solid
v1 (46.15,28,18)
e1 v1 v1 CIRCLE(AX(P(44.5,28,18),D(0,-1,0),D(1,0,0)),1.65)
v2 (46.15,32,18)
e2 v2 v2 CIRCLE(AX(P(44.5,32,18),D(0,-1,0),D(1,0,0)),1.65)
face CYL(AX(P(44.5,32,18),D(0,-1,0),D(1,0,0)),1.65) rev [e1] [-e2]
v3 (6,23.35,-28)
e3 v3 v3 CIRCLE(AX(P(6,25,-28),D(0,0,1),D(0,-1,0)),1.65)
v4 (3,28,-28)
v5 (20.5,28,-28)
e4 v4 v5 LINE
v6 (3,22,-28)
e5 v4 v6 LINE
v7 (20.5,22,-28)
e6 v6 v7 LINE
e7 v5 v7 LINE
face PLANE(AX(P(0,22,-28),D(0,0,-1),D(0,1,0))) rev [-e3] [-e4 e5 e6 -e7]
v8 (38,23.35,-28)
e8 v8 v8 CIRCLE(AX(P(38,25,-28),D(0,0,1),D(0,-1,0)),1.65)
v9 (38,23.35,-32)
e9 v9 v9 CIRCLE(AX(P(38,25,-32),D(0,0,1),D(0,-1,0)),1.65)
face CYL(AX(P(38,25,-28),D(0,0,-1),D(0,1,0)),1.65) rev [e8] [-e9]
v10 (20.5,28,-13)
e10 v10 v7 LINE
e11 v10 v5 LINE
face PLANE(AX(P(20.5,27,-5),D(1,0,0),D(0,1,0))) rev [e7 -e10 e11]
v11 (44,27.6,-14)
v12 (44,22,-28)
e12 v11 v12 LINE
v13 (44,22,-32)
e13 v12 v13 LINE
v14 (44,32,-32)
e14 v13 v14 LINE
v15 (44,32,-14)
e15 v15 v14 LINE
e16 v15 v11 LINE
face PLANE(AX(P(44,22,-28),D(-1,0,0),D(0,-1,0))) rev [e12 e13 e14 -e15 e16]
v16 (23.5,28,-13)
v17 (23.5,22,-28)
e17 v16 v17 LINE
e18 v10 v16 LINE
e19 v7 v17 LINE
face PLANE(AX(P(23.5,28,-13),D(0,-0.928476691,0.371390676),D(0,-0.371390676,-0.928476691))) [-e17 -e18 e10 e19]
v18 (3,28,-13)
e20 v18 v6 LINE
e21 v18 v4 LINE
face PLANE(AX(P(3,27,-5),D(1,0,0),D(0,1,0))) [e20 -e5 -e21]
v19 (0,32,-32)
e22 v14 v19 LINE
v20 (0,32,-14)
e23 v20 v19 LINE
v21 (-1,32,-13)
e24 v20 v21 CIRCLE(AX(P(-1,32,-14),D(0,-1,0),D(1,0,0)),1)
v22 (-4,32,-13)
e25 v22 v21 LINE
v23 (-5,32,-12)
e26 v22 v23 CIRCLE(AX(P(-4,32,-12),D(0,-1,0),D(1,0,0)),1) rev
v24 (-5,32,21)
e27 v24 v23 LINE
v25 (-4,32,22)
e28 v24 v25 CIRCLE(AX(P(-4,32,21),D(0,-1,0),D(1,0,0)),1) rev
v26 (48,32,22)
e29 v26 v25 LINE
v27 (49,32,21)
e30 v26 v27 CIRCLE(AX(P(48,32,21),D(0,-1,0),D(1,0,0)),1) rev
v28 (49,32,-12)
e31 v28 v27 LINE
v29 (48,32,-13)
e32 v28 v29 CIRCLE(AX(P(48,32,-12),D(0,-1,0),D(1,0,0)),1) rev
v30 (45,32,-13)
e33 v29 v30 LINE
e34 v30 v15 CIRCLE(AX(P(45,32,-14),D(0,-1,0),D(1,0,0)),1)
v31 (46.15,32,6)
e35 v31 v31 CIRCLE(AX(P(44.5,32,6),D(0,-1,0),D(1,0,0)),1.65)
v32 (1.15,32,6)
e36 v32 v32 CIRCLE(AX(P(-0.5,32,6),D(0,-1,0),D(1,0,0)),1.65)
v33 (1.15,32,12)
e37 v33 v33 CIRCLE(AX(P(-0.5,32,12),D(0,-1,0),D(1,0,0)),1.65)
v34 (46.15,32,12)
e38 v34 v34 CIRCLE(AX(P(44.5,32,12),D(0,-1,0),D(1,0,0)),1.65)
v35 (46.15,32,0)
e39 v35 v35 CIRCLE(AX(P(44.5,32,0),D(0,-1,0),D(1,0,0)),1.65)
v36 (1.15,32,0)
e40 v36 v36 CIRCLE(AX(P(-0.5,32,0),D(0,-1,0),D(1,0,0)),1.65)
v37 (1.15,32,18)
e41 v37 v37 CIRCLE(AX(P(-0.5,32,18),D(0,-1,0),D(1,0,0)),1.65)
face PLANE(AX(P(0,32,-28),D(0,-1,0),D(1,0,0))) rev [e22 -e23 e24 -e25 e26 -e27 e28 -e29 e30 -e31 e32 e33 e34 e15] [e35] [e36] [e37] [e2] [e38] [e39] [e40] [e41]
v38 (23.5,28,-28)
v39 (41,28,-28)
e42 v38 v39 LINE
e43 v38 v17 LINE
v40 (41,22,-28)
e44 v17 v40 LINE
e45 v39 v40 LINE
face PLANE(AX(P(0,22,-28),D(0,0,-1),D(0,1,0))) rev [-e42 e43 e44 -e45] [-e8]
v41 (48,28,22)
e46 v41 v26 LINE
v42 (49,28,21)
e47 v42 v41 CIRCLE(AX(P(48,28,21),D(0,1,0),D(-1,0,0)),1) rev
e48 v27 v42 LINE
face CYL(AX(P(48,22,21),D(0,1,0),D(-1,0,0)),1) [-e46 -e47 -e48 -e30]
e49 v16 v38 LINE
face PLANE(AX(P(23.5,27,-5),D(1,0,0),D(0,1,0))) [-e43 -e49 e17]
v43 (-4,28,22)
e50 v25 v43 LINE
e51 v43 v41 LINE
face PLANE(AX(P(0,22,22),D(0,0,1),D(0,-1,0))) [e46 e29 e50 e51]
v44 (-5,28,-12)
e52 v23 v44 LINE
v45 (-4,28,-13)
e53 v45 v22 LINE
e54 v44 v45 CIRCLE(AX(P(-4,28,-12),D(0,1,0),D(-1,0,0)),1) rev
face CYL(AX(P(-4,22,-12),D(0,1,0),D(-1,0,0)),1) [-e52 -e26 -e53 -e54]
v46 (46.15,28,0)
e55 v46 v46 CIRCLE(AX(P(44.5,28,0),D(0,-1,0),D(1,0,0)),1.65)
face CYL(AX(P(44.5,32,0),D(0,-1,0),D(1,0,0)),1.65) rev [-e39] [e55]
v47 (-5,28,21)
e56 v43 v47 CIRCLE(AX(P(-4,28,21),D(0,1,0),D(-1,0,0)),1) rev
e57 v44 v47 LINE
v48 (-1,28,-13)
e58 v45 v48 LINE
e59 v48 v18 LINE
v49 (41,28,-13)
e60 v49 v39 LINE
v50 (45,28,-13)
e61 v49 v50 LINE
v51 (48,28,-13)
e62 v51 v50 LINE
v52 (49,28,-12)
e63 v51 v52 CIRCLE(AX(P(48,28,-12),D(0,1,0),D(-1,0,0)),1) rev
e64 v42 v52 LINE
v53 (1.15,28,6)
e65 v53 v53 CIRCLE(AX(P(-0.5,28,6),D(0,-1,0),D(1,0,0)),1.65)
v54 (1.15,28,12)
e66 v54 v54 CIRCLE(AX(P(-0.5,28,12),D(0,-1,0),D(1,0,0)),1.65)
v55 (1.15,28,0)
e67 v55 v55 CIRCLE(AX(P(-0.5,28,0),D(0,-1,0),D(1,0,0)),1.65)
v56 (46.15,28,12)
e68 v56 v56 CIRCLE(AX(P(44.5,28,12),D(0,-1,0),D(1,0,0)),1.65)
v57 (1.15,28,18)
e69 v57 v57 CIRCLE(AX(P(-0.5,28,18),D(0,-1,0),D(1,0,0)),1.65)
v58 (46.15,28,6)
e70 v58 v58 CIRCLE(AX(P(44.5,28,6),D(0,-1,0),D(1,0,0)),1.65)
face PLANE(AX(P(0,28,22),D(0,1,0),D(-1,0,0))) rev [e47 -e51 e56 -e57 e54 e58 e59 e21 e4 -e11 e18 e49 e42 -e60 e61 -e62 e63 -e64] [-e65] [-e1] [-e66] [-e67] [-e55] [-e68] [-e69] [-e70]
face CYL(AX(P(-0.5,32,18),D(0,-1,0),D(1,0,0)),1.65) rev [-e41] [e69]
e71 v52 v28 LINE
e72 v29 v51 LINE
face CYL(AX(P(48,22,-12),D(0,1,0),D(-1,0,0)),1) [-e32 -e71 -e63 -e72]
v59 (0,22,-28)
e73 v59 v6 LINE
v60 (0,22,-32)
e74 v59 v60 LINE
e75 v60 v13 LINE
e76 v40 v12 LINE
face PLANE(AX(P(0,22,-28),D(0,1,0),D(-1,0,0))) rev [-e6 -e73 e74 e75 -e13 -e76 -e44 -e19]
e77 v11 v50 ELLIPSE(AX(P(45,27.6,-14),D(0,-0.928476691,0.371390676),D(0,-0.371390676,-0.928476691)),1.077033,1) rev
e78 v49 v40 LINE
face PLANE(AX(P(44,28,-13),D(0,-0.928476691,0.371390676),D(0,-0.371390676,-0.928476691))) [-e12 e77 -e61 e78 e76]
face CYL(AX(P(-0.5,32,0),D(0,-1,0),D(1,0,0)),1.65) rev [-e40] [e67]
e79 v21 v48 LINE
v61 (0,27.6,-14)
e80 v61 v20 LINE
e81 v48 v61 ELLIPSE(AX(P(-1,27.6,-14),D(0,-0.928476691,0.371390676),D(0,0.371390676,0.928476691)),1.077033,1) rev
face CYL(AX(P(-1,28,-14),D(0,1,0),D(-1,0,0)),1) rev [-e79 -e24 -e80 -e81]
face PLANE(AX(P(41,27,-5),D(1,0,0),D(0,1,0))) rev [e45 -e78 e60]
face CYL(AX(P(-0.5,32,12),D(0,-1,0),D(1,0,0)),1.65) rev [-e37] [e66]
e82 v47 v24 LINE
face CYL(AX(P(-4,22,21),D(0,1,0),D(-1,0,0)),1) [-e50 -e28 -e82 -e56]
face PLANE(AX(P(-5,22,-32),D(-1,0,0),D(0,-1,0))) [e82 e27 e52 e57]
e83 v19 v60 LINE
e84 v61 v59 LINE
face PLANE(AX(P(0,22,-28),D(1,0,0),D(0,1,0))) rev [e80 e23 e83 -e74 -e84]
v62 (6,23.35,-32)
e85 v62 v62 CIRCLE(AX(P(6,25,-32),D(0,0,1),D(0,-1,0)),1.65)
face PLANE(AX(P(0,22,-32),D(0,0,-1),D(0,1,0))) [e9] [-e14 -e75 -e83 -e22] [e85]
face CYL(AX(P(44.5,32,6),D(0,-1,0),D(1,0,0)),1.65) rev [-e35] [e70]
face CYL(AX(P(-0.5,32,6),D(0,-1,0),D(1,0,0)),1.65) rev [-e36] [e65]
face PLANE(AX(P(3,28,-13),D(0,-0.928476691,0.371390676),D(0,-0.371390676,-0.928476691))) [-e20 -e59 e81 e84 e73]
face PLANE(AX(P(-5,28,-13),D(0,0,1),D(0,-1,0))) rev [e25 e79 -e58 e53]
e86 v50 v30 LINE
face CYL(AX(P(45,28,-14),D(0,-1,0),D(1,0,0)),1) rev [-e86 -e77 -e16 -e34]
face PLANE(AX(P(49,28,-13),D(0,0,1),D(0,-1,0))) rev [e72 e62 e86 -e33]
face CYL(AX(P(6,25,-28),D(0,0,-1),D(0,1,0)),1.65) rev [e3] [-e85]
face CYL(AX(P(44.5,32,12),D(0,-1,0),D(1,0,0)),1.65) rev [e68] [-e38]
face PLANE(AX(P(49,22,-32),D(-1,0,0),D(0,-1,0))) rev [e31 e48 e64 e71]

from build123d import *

# Parameters (mm, degrees)
SKETCH1_W             = 44
SKETCH1_H             = 10
SKETCH1_R             = 1.65
BOSS_EXTRUDE1_DEPTH   = 4
SKETCH2_W             = 44
SKETCH2_H             = 4
BOSS_EXTRUDE2_DEPTH   = 50
RIB6_REACH            = 72.37
SKETCH5_WALL_W        = 158.896391108
SKETCH5_WALL_H        = 3
LPATTERN1_COUNT       = 3
LPATTERN1_PITCH       = 20.5
SKETCH7_W             = 4
SKETCH7_H             = 35
BOSS_EXTRUDE3_DEPTH   = 5
SKETCH8_W             = 4
SKETCH8_H             = 35
BOSS_EXTRUDE4_DEPTH   = 5
FILLET1_R             = 1
SKETCH9_R             = 1.65
CUT_EXTRUDE1_DEPTH    = 74.164198895
LPATTERN2_COUNT       = 4
LPATTERN2_PITCH       = 6
BODY_MOVE_COPY1_ANGLE = 90


with BuildPart() as part:
    # Sketch1 → Boss-Extrude1 (new body)
    with BuildSketch(Plane(origin=(0, 0, 0), x_dir=(1, 0, 0), z_dir=(0, 1, 0))):
        with Locations((22, 5)):
            Rectangle(SKETCH1_W, SKETCH1_H)
        with Locations(Location((38, 3, 0), (0, 0, 270))):
            Circle(SKETCH1_R, mode=Mode.SUBTRACT)
        with Locations(Location((6, 3, 0), (0, 0, 270))):
            Circle(SKETCH1_R, mode=Mode.SUBTRACT)
    extrude(amount=BOSS_EXTRUDE1_DEPTH)

    # Sketch2 → Boss-Extrude2 (add)
    with BuildSketch(Plane(origin=(0, 4, 0), x_dir=(1, 0, 0), z_dir=(0, 1, 0))):
        with Locations((22, 8)):
            Rectangle(SKETCH2_W, SKETCH2_H)
    extrude(amount=BOSS_EXTRUDE2_DEPTH)

    # Sketch5 wall → Rib6 (add, up to next)
    with BuildSketch(Plane(origin=(44, 11.5, -3), x_dir=(0, -0.928476690885, 0.371390676354), z_dir=(0, -0.371390676354, -0.928476690885)), mode=Mode.PRIVATE) as rib6_sk1:
        with Locations((0, 1.5)):
            Rectangle(SKETCH5_WALL_W, SKETCH5_WALL_H)
    rib6_tool1 = extrude(rib6_sk1.sketch, amount=RIB6_REACH, mode=Mode.PRIVATE) - part.part
    rib6 = rib6_tool1.solids().sort_by_distance((44, 11.5, -3))[0]
    add(rib6)

    # LPattern1: Rib6 ×3
    with Locations(*[(-i * LPATTERN1_PITCH, 0, 0) for i in range(1, LPATTERN1_COUNT)]):
        add(rib6)

    # Sketch7 → Boss-Extrude3 (add)
    with BuildSketch(Plane(origin=(44, 0, 0), x_dir=(0, 0, -1), z_dir=(1, 0, 0))):
        with Locations((8, 36.5)):
            Rectangle(SKETCH7_W, SKETCH7_H)
    extrude(amount=BOSS_EXTRUDE3_DEPTH)

    # Sketch8 → Boss-Extrude4 (add)
    with BuildSketch(Plane.ZY):
        with Locations((-8, 36.5)):
            Rectangle(SKETCH8_W, SKETCH8_H)
    extrude(amount=BOSS_EXTRUDE4_DEPTH)

    # Fillet1
    fillet1_edges = [part.edges().sort_by_distance(p)[0] for p in [
        (44, 19, -8),
        (49, 19, -8),
        (49, 54, -8),
        (0, 19, -8),
        (-5, 54, -8),
        (-5, 19, -8),
    ]]
    fillet(fillet1_edges, radius=FILLET1_R)

    # Sketch9 → Cut-Extrude1 (cut, through all)
    with BuildSketch(Plane.XY.offset(-6)):
        with Locations((-0.5, 32)):
            Circle(SKETCH9_R)
        with Locations((44.5, 32)):
            Circle(SKETCH9_R)
    cut_extrude1 = extrude(amount=-CUT_EXTRUDE1_DEPTH, mode=Mode.SUBTRACT)

    # LPattern2: Cut-Extrude1 ×4
    with Locations(*[(0, i * LPATTERN2_PITCH, 0) for i in range(1, LPATTERN2_COUNT)]):
        add(cut_extrude1, mode=Mode.SUBTRACT)


with BuildPart() as part_1:
    # Body-Move/Copy1: moved
    add(part.part.rotate(Axis((0, 27, -5), (1, 0, 0)), BODY_MOVE_COPY1_ANGLE))


solid = part_1.part
